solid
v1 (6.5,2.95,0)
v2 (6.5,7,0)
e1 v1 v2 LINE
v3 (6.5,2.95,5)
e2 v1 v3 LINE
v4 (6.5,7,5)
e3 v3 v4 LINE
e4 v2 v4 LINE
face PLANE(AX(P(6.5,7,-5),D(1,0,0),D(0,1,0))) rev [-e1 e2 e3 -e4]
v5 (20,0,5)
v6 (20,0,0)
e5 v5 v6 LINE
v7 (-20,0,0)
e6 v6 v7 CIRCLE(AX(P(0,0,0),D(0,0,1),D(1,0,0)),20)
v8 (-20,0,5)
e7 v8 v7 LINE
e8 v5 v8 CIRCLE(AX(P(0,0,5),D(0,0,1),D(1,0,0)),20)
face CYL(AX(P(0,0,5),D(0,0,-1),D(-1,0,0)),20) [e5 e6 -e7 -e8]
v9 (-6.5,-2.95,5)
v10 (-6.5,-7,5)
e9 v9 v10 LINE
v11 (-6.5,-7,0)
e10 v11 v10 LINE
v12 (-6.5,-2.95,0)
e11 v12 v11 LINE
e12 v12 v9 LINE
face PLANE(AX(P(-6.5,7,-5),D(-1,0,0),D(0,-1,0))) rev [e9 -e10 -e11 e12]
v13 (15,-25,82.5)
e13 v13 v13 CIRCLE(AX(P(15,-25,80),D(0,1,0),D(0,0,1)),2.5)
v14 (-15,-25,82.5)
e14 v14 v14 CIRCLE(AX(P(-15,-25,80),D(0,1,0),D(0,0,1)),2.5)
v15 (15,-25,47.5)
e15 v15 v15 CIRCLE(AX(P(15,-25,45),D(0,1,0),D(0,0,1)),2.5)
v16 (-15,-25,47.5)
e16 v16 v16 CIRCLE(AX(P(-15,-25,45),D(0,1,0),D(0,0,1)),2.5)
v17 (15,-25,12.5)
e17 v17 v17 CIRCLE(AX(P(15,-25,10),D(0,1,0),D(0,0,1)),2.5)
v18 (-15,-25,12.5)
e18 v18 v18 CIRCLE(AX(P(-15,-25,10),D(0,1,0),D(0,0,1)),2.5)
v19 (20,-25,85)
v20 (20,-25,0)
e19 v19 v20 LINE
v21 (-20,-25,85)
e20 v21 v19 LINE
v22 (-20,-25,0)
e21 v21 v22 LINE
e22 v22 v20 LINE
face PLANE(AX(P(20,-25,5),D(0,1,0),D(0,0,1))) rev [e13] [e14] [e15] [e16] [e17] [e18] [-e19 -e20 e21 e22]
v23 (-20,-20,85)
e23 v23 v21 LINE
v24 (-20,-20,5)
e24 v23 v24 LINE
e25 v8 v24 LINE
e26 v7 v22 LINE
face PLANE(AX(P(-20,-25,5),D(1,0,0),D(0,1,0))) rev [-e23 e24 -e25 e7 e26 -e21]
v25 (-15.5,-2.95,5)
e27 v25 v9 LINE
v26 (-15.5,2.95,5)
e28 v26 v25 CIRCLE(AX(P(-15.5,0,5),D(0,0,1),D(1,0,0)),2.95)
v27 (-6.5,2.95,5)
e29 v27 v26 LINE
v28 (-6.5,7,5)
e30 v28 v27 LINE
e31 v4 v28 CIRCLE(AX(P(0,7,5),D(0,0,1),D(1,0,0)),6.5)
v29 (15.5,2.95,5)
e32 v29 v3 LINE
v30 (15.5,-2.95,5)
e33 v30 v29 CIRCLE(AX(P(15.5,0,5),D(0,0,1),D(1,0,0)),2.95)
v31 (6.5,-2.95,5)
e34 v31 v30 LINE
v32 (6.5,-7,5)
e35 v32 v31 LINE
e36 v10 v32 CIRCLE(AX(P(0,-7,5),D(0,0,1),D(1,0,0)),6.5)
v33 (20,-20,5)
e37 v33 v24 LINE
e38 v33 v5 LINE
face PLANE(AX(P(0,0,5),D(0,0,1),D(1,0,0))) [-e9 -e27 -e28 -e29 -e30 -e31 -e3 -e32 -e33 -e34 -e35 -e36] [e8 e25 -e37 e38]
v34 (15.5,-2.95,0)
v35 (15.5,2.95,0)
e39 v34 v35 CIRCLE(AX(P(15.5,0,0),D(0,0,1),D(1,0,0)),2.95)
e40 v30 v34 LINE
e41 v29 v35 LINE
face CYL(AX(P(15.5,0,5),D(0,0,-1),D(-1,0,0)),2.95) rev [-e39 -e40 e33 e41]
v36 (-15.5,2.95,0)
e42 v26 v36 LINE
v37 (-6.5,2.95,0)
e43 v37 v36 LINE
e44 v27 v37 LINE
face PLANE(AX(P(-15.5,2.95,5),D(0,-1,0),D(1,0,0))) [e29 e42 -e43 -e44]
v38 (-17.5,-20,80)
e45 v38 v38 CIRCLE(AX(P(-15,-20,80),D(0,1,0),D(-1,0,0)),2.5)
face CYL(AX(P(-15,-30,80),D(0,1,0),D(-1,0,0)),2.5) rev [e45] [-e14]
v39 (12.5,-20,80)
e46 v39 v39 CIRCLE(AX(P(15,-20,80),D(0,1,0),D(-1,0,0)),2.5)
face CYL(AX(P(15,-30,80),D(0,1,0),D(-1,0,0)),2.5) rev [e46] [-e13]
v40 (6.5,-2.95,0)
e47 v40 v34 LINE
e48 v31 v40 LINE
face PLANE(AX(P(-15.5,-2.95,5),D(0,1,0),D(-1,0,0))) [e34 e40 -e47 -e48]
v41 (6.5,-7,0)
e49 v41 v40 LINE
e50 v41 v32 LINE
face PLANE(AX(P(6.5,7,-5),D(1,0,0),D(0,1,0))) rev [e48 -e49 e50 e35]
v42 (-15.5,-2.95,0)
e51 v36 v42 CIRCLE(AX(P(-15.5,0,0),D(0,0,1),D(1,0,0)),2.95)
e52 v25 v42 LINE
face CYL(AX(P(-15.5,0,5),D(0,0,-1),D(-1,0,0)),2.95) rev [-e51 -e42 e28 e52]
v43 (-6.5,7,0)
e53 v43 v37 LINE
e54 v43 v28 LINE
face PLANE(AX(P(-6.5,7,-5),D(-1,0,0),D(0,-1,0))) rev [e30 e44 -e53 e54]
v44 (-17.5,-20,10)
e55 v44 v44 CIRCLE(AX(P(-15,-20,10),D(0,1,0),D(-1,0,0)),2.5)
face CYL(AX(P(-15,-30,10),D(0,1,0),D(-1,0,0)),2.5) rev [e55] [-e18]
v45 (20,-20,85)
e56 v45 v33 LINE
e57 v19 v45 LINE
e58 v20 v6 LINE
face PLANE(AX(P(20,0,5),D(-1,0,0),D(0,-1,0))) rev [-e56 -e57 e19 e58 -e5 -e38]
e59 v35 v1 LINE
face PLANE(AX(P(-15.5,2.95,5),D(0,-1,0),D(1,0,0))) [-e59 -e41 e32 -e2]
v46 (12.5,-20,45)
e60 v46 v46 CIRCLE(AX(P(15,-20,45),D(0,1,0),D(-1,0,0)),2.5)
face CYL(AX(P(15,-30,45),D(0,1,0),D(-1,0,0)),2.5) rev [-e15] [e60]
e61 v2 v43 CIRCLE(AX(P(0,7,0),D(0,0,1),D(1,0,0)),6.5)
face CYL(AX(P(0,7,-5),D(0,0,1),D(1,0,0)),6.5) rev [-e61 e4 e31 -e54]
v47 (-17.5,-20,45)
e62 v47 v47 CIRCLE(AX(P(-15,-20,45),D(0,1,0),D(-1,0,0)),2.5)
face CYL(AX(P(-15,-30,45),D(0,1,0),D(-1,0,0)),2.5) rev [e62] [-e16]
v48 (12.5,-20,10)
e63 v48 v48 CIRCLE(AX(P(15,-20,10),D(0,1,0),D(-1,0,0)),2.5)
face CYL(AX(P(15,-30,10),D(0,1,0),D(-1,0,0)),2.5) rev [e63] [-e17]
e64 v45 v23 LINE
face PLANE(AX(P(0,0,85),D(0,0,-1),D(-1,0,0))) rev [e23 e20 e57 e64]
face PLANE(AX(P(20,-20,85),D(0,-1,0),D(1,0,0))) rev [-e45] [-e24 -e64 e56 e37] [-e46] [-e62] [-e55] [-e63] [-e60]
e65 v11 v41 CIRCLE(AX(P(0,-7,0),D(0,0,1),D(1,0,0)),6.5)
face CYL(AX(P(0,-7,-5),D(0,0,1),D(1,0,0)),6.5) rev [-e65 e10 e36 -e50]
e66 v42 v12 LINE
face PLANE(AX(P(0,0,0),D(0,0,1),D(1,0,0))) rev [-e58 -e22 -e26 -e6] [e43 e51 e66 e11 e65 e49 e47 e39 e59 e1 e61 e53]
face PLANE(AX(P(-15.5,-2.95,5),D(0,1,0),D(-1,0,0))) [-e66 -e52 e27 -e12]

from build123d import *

# Parameters (mm, degrees)
BOSS_EXTRUDE1_DEPTH = 5
SKETCH3_W           = 40
SKETCH3_H           = 5
BOSS_EXTRUDE2_DEPTH = 80
SKETCH4_R           = 2.5
CUT_EXTRUDE1_DEPTH  = 10
CUT_EXTRUDE2_DEPTH  = 10


with BuildPart() as part:
    # Sketch2 → Boss-Extrude1 (new body)
    with BuildSketch(Plane.XY):
        with BuildLine():
            Line((20, 0), (20, -25))
            Line((20, -25), (-20, -25))
            Line((-20, -25), (-20, 0))
            ThreePointArc((-20, 0), (0, 20), (20, 0))
        make_face()
        with BuildLine():
            Line((-15.5, 2.95), (15.5, 2.95))
            ThreePointArc((15.5, 2.95), (18.45, 0), (15.5, -2.95))
            Line((15.5, -2.95), (-15.5, -2.95))
            ThreePointArc((-15.5, -2.95), (-18.45, 0), (-15.5, 2.95))
        make_face(mode=Mode.SUBTRACT)
    extrude(amount=BOSS_EXTRUDE1_DEPTH)

    # Sketch3 → Boss-Extrude2 (add)
    with BuildSketch(Plane.XY.offset(5)):
        with Locations((0, -22.5)):
            Rectangle(SKETCH3_W, SKETCH3_H)
    extrude(amount=BOSS_EXTRUDE2_DEPTH)

    # Sketch4 → Cut-Extrude1 (cut)
    with BuildSketch(Plane(origin=(0, -20, 0), x_dir=(1, 0, 0), z_dir=(0, 1, 0))):
        with Locations((-15, -10)):
            Circle(SKETCH4_R)
        with Locations((15, -10)):
            Circle(SKETCH4_R)
        with Locations((15, -80)):
            Circle(SKETCH4_R)
        with Locations((-15, -80)):
            Circle(SKETCH4_R)
        with Locations((-15, -45)):
            Circle(SKETCH4_R)
        with Locations((15, -45)):
            Circle(SKETCH4_R)
    extrude(amount=-CUT_EXTRUDE1_DEPTH, mode=Mode.SUBTRACT)

    # Sketch5 → Cut-Extrude2 (cut)
    with BuildSketch(Plane.XY.offset(5)):
        with BuildLine():
            Line((6.5, 7), (6.5, -7))
            ThreePointArc((6.5, -7), (0, -13.5), (-6.5, -7))
            Line((-6.5, -7), (-6.5, 7))
            ThreePointArc((-6.5, 7), (0, 13.5), (6.5, 7))
        make_face()
    extrude(amount=-CUT_EXTRUDE2_DEPTH, mode=Mode.SUBTRACT)


solid = part.part
